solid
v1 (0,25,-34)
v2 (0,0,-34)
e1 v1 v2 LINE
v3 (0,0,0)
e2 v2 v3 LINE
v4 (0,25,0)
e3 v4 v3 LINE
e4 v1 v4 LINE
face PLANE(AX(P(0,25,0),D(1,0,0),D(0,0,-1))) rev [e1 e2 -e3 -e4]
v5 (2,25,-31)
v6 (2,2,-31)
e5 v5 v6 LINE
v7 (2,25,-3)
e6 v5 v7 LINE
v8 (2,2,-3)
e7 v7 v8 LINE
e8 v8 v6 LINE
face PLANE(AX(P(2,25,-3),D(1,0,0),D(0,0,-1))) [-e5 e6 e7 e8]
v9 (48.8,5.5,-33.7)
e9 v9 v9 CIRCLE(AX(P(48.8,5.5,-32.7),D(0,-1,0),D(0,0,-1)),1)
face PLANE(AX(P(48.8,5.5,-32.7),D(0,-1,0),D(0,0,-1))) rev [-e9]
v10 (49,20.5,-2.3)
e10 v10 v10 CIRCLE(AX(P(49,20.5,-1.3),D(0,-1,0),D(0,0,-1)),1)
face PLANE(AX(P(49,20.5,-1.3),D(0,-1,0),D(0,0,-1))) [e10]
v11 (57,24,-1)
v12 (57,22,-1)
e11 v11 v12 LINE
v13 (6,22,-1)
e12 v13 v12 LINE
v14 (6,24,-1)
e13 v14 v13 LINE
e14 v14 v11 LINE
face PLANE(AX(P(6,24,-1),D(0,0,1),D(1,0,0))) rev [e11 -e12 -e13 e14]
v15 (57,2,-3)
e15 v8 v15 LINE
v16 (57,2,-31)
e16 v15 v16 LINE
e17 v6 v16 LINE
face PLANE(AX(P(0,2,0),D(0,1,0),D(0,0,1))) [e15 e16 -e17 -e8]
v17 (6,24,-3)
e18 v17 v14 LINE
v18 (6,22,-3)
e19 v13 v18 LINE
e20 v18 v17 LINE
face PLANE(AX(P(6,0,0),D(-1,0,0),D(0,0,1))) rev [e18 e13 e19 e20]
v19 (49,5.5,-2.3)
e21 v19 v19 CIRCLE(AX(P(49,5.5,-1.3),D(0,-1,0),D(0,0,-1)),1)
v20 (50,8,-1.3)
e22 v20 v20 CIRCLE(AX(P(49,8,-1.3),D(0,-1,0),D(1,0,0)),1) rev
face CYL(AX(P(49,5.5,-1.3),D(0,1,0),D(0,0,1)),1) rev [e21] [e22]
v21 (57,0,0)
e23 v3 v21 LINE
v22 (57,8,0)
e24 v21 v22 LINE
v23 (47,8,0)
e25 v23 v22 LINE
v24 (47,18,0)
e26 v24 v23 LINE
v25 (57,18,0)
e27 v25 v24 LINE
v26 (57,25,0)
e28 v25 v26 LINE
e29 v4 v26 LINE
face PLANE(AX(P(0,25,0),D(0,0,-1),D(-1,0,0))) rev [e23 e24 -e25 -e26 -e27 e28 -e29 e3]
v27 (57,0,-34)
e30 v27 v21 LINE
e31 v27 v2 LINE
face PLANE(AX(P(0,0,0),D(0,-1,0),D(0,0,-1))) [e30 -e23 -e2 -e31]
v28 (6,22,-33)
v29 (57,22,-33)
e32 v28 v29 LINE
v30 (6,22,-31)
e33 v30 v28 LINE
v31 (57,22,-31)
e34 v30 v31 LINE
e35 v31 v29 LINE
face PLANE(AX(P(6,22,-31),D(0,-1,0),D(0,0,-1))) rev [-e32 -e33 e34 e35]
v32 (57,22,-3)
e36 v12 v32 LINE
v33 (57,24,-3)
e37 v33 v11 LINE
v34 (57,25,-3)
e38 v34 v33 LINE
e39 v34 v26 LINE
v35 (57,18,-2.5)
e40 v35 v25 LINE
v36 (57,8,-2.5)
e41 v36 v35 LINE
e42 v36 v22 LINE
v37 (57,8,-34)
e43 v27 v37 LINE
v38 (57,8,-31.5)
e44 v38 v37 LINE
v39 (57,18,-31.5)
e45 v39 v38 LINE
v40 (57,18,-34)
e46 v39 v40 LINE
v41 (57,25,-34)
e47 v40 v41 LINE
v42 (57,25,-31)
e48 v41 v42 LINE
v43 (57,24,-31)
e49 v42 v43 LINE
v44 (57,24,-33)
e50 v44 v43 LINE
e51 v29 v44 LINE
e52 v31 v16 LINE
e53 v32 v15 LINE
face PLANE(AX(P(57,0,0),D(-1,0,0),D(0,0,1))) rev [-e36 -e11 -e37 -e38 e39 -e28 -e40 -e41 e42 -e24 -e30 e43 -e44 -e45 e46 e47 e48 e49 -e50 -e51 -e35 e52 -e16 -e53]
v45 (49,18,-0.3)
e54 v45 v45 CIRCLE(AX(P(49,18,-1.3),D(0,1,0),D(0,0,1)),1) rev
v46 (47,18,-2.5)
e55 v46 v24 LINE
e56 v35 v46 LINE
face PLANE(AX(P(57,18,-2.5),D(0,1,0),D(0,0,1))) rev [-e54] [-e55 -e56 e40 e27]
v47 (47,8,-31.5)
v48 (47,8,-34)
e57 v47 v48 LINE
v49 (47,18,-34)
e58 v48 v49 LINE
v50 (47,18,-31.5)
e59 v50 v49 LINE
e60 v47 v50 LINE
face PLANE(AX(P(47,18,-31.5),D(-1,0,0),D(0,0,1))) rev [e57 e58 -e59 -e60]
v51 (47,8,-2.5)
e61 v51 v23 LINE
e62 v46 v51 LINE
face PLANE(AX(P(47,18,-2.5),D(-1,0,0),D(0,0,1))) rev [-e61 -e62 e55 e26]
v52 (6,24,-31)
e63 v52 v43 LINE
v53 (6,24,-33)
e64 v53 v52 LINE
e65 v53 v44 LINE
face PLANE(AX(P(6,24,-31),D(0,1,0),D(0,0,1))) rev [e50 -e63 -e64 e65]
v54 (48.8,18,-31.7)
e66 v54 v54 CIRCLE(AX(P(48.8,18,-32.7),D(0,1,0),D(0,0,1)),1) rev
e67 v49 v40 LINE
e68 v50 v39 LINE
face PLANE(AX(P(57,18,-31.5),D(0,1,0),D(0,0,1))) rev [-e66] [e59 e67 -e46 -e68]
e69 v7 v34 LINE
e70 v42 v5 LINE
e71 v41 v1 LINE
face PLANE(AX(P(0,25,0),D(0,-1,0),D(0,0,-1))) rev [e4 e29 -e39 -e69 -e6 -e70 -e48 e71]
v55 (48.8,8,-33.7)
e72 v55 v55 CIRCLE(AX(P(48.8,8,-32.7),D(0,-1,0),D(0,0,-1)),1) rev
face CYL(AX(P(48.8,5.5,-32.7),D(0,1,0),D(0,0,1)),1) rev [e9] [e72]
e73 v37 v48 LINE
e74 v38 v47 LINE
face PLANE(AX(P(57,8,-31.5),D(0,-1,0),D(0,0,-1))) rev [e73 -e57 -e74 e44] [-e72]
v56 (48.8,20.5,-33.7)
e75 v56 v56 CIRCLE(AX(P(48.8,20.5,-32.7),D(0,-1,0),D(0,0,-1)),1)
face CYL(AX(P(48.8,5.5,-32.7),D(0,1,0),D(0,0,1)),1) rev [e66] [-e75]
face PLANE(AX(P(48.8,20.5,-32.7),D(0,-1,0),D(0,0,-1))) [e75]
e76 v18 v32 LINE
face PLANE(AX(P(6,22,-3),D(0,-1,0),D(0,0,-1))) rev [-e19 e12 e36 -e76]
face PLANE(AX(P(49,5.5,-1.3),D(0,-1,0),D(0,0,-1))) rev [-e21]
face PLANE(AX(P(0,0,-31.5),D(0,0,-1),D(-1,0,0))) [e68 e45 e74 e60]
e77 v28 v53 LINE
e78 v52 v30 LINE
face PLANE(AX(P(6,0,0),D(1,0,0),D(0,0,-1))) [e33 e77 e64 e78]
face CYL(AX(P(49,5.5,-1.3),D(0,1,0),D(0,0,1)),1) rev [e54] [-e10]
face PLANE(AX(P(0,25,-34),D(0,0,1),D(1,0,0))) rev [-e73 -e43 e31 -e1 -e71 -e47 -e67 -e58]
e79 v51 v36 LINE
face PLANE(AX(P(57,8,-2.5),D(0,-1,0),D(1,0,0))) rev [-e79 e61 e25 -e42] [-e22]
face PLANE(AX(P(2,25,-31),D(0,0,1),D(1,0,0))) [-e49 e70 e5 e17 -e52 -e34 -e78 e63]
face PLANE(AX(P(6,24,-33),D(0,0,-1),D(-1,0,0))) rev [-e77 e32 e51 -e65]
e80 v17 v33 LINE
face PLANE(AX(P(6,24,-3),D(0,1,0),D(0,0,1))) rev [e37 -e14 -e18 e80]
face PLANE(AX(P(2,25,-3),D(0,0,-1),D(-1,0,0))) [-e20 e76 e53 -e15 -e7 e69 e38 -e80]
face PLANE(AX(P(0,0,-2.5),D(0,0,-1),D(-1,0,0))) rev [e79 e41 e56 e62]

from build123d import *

# Parameters (mm, degrees)
SKETCH1_W                = 59
SKETCH1_H                = 34
SKETCH1_W_2              = 55
SKETCH1_H_2              = 28
BOSS_EXTRUDE1_DEPTH      = 25
SKETCH1_2_W              = 55
SKETCH1_2_H              = 28
BOSS_EXTRUDE2_DEPTH      = 2
SKETCH2_W                = 2
SKETCH2_H                = 34
CUT_EXTRUDE1_DEPTH       = 25
SKETCH5_W                = 2
SKETCH5_H                = 2
CUT_EXTRUDE4_DEPTH       = 51
SKETCH9_W                = 10
SKETCH9_H                = 10
CUT_EXTRUDE7_DEPTH       = 2.5
SKETCH10_W               = 10
SKETCH10_H               = 10
CUT_EXTRUDE8_DEPTH       = 2.5
CUT_EXTRUDE9_DEPTH       = 12.5
CUT_EXTRUDE9_DEPTH_BACK  = 2.5
SKETCH11_R               = 1
CUT_EXTRUDE10_DEPTH      = 12.5
CUT_EXTRUDE10_DEPTH_BACK = 2.5
SKETCH12_R               = 1


with BuildPart() as part:
    # Sketch1 → Boss-Extrude1 (new body)
    with BuildSketch(Plane(origin=(0, 0, 0), x_dir=(1, 0, 0), z_dir=(0, 1, 0))):
        with Locations((29.5, 17)):
            Rectangle(SKETCH1_W, SKETCH1_H)
        with Locations((29.5, 17)):
            Rectangle(SKETCH1_W_2, SKETCH1_H_2, mode=Mode.SUBTRACT)
    extrude(amount=BOSS_EXTRUDE1_DEPTH)

    # Sketch1<2> → Boss-Extrude2 (add)
    with BuildSketch(Plane(origin=(0, 0, 0), x_dir=(1, 0, 0), z_dir=(0, 1, 0))):
        with Locations((29.5, 17)):
            Rectangle(SKETCH1_2_W, SKETCH1_2_H)
    extrude(amount=BOSS_EXTRUDE2_DEPTH)

    # Sketch2 → Cut-Extrude1 (cut)
    with BuildSketch(Plane(origin=(0, 25, 0), x_dir=(1, 0, 0), z_dir=(0, 1, 0))):
        with Locations((58, 17)):
            Rectangle(SKETCH2_W, SKETCH2_H)
    extrude(amount=-CUT_EXTRUDE1_DEPTH, mode=Mode.SUBTRACT)

    # Sketch5 → Cut-Extrude4 (cut)
    with BuildSketch(Plane(origin=(57, 0, 0), x_dir=(0, 0, -1), z_dir=(1, 0, 0))):
        with Locations((2, 23)):
            Rectangle(SKETCH5_W, SKETCH5_H)
        with Locations((32, 23)):
            Rectangle(SKETCH5_W, SKETCH5_H)
    extrude(amount=-CUT_EXTRUDE4_DEPTH, mode=Mode.SUBTRACT)

    # Sketch9 → Cut-Extrude7 (cut)
    with BuildSketch(Plane(origin=(0, 0, -34), x_dir=(-1, 0, 0), z_dir=(0, 0, -1))):
        with Locations((-52, 13)):
            Rectangle(SKETCH9_W, SKETCH9_H)
    extrude(amount=-CUT_EXTRUDE7_DEPTH, mode=Mode.SUBTRACT)

    # Sketch10 → Cut-Extrude8 (cut)
    with BuildSketch(Plane.XY):
        with Locations((52, 13)):
            Rectangle(SKETCH10_W, SKETCH10_H)
    extrude(amount=-CUT_EXTRUDE8_DEPTH, mode=Mode.SUBTRACT)

    # Sketch11 → Cut-Extrude9 (cut, two sides: drawn at the far end of the back side and taken through both)
    with BuildSketch(Plane(origin=(0, 18, 0), x_dir=(-1, 0, 0), z_dir=(0, -1, 0)).offset(-CUT_EXTRUDE9_DEPTH_BACK)):
        with Locations((-49, 1.3)):
            Circle(SKETCH11_R)
    extrude(amount=CUT_EXTRUDE9_DEPTH + CUT_EXTRUDE9_DEPTH_BACK, mode=Mode.SUBTRACT)

    # Sketch12 → Cut-Extrude10 (cut, two sides: drawn at the far end of the back side and taken through both)
    with BuildSketch(Plane(origin=(0, 18, 0), x_dir=(-1, 0, 0), z_dir=(0, -1, 0)).offset(-CUT_EXTRUDE10_DEPTH_BACK)):
        with Locations((-48.8, 32.7)):
            Circle(SKETCH12_R)
    extrude(amount=CUT_EXTRUDE10_DEPTH + CUT_EXTRUDE10_DEPTH_BACK, mode=Mode.SUBTRACT)


solid = part.part
